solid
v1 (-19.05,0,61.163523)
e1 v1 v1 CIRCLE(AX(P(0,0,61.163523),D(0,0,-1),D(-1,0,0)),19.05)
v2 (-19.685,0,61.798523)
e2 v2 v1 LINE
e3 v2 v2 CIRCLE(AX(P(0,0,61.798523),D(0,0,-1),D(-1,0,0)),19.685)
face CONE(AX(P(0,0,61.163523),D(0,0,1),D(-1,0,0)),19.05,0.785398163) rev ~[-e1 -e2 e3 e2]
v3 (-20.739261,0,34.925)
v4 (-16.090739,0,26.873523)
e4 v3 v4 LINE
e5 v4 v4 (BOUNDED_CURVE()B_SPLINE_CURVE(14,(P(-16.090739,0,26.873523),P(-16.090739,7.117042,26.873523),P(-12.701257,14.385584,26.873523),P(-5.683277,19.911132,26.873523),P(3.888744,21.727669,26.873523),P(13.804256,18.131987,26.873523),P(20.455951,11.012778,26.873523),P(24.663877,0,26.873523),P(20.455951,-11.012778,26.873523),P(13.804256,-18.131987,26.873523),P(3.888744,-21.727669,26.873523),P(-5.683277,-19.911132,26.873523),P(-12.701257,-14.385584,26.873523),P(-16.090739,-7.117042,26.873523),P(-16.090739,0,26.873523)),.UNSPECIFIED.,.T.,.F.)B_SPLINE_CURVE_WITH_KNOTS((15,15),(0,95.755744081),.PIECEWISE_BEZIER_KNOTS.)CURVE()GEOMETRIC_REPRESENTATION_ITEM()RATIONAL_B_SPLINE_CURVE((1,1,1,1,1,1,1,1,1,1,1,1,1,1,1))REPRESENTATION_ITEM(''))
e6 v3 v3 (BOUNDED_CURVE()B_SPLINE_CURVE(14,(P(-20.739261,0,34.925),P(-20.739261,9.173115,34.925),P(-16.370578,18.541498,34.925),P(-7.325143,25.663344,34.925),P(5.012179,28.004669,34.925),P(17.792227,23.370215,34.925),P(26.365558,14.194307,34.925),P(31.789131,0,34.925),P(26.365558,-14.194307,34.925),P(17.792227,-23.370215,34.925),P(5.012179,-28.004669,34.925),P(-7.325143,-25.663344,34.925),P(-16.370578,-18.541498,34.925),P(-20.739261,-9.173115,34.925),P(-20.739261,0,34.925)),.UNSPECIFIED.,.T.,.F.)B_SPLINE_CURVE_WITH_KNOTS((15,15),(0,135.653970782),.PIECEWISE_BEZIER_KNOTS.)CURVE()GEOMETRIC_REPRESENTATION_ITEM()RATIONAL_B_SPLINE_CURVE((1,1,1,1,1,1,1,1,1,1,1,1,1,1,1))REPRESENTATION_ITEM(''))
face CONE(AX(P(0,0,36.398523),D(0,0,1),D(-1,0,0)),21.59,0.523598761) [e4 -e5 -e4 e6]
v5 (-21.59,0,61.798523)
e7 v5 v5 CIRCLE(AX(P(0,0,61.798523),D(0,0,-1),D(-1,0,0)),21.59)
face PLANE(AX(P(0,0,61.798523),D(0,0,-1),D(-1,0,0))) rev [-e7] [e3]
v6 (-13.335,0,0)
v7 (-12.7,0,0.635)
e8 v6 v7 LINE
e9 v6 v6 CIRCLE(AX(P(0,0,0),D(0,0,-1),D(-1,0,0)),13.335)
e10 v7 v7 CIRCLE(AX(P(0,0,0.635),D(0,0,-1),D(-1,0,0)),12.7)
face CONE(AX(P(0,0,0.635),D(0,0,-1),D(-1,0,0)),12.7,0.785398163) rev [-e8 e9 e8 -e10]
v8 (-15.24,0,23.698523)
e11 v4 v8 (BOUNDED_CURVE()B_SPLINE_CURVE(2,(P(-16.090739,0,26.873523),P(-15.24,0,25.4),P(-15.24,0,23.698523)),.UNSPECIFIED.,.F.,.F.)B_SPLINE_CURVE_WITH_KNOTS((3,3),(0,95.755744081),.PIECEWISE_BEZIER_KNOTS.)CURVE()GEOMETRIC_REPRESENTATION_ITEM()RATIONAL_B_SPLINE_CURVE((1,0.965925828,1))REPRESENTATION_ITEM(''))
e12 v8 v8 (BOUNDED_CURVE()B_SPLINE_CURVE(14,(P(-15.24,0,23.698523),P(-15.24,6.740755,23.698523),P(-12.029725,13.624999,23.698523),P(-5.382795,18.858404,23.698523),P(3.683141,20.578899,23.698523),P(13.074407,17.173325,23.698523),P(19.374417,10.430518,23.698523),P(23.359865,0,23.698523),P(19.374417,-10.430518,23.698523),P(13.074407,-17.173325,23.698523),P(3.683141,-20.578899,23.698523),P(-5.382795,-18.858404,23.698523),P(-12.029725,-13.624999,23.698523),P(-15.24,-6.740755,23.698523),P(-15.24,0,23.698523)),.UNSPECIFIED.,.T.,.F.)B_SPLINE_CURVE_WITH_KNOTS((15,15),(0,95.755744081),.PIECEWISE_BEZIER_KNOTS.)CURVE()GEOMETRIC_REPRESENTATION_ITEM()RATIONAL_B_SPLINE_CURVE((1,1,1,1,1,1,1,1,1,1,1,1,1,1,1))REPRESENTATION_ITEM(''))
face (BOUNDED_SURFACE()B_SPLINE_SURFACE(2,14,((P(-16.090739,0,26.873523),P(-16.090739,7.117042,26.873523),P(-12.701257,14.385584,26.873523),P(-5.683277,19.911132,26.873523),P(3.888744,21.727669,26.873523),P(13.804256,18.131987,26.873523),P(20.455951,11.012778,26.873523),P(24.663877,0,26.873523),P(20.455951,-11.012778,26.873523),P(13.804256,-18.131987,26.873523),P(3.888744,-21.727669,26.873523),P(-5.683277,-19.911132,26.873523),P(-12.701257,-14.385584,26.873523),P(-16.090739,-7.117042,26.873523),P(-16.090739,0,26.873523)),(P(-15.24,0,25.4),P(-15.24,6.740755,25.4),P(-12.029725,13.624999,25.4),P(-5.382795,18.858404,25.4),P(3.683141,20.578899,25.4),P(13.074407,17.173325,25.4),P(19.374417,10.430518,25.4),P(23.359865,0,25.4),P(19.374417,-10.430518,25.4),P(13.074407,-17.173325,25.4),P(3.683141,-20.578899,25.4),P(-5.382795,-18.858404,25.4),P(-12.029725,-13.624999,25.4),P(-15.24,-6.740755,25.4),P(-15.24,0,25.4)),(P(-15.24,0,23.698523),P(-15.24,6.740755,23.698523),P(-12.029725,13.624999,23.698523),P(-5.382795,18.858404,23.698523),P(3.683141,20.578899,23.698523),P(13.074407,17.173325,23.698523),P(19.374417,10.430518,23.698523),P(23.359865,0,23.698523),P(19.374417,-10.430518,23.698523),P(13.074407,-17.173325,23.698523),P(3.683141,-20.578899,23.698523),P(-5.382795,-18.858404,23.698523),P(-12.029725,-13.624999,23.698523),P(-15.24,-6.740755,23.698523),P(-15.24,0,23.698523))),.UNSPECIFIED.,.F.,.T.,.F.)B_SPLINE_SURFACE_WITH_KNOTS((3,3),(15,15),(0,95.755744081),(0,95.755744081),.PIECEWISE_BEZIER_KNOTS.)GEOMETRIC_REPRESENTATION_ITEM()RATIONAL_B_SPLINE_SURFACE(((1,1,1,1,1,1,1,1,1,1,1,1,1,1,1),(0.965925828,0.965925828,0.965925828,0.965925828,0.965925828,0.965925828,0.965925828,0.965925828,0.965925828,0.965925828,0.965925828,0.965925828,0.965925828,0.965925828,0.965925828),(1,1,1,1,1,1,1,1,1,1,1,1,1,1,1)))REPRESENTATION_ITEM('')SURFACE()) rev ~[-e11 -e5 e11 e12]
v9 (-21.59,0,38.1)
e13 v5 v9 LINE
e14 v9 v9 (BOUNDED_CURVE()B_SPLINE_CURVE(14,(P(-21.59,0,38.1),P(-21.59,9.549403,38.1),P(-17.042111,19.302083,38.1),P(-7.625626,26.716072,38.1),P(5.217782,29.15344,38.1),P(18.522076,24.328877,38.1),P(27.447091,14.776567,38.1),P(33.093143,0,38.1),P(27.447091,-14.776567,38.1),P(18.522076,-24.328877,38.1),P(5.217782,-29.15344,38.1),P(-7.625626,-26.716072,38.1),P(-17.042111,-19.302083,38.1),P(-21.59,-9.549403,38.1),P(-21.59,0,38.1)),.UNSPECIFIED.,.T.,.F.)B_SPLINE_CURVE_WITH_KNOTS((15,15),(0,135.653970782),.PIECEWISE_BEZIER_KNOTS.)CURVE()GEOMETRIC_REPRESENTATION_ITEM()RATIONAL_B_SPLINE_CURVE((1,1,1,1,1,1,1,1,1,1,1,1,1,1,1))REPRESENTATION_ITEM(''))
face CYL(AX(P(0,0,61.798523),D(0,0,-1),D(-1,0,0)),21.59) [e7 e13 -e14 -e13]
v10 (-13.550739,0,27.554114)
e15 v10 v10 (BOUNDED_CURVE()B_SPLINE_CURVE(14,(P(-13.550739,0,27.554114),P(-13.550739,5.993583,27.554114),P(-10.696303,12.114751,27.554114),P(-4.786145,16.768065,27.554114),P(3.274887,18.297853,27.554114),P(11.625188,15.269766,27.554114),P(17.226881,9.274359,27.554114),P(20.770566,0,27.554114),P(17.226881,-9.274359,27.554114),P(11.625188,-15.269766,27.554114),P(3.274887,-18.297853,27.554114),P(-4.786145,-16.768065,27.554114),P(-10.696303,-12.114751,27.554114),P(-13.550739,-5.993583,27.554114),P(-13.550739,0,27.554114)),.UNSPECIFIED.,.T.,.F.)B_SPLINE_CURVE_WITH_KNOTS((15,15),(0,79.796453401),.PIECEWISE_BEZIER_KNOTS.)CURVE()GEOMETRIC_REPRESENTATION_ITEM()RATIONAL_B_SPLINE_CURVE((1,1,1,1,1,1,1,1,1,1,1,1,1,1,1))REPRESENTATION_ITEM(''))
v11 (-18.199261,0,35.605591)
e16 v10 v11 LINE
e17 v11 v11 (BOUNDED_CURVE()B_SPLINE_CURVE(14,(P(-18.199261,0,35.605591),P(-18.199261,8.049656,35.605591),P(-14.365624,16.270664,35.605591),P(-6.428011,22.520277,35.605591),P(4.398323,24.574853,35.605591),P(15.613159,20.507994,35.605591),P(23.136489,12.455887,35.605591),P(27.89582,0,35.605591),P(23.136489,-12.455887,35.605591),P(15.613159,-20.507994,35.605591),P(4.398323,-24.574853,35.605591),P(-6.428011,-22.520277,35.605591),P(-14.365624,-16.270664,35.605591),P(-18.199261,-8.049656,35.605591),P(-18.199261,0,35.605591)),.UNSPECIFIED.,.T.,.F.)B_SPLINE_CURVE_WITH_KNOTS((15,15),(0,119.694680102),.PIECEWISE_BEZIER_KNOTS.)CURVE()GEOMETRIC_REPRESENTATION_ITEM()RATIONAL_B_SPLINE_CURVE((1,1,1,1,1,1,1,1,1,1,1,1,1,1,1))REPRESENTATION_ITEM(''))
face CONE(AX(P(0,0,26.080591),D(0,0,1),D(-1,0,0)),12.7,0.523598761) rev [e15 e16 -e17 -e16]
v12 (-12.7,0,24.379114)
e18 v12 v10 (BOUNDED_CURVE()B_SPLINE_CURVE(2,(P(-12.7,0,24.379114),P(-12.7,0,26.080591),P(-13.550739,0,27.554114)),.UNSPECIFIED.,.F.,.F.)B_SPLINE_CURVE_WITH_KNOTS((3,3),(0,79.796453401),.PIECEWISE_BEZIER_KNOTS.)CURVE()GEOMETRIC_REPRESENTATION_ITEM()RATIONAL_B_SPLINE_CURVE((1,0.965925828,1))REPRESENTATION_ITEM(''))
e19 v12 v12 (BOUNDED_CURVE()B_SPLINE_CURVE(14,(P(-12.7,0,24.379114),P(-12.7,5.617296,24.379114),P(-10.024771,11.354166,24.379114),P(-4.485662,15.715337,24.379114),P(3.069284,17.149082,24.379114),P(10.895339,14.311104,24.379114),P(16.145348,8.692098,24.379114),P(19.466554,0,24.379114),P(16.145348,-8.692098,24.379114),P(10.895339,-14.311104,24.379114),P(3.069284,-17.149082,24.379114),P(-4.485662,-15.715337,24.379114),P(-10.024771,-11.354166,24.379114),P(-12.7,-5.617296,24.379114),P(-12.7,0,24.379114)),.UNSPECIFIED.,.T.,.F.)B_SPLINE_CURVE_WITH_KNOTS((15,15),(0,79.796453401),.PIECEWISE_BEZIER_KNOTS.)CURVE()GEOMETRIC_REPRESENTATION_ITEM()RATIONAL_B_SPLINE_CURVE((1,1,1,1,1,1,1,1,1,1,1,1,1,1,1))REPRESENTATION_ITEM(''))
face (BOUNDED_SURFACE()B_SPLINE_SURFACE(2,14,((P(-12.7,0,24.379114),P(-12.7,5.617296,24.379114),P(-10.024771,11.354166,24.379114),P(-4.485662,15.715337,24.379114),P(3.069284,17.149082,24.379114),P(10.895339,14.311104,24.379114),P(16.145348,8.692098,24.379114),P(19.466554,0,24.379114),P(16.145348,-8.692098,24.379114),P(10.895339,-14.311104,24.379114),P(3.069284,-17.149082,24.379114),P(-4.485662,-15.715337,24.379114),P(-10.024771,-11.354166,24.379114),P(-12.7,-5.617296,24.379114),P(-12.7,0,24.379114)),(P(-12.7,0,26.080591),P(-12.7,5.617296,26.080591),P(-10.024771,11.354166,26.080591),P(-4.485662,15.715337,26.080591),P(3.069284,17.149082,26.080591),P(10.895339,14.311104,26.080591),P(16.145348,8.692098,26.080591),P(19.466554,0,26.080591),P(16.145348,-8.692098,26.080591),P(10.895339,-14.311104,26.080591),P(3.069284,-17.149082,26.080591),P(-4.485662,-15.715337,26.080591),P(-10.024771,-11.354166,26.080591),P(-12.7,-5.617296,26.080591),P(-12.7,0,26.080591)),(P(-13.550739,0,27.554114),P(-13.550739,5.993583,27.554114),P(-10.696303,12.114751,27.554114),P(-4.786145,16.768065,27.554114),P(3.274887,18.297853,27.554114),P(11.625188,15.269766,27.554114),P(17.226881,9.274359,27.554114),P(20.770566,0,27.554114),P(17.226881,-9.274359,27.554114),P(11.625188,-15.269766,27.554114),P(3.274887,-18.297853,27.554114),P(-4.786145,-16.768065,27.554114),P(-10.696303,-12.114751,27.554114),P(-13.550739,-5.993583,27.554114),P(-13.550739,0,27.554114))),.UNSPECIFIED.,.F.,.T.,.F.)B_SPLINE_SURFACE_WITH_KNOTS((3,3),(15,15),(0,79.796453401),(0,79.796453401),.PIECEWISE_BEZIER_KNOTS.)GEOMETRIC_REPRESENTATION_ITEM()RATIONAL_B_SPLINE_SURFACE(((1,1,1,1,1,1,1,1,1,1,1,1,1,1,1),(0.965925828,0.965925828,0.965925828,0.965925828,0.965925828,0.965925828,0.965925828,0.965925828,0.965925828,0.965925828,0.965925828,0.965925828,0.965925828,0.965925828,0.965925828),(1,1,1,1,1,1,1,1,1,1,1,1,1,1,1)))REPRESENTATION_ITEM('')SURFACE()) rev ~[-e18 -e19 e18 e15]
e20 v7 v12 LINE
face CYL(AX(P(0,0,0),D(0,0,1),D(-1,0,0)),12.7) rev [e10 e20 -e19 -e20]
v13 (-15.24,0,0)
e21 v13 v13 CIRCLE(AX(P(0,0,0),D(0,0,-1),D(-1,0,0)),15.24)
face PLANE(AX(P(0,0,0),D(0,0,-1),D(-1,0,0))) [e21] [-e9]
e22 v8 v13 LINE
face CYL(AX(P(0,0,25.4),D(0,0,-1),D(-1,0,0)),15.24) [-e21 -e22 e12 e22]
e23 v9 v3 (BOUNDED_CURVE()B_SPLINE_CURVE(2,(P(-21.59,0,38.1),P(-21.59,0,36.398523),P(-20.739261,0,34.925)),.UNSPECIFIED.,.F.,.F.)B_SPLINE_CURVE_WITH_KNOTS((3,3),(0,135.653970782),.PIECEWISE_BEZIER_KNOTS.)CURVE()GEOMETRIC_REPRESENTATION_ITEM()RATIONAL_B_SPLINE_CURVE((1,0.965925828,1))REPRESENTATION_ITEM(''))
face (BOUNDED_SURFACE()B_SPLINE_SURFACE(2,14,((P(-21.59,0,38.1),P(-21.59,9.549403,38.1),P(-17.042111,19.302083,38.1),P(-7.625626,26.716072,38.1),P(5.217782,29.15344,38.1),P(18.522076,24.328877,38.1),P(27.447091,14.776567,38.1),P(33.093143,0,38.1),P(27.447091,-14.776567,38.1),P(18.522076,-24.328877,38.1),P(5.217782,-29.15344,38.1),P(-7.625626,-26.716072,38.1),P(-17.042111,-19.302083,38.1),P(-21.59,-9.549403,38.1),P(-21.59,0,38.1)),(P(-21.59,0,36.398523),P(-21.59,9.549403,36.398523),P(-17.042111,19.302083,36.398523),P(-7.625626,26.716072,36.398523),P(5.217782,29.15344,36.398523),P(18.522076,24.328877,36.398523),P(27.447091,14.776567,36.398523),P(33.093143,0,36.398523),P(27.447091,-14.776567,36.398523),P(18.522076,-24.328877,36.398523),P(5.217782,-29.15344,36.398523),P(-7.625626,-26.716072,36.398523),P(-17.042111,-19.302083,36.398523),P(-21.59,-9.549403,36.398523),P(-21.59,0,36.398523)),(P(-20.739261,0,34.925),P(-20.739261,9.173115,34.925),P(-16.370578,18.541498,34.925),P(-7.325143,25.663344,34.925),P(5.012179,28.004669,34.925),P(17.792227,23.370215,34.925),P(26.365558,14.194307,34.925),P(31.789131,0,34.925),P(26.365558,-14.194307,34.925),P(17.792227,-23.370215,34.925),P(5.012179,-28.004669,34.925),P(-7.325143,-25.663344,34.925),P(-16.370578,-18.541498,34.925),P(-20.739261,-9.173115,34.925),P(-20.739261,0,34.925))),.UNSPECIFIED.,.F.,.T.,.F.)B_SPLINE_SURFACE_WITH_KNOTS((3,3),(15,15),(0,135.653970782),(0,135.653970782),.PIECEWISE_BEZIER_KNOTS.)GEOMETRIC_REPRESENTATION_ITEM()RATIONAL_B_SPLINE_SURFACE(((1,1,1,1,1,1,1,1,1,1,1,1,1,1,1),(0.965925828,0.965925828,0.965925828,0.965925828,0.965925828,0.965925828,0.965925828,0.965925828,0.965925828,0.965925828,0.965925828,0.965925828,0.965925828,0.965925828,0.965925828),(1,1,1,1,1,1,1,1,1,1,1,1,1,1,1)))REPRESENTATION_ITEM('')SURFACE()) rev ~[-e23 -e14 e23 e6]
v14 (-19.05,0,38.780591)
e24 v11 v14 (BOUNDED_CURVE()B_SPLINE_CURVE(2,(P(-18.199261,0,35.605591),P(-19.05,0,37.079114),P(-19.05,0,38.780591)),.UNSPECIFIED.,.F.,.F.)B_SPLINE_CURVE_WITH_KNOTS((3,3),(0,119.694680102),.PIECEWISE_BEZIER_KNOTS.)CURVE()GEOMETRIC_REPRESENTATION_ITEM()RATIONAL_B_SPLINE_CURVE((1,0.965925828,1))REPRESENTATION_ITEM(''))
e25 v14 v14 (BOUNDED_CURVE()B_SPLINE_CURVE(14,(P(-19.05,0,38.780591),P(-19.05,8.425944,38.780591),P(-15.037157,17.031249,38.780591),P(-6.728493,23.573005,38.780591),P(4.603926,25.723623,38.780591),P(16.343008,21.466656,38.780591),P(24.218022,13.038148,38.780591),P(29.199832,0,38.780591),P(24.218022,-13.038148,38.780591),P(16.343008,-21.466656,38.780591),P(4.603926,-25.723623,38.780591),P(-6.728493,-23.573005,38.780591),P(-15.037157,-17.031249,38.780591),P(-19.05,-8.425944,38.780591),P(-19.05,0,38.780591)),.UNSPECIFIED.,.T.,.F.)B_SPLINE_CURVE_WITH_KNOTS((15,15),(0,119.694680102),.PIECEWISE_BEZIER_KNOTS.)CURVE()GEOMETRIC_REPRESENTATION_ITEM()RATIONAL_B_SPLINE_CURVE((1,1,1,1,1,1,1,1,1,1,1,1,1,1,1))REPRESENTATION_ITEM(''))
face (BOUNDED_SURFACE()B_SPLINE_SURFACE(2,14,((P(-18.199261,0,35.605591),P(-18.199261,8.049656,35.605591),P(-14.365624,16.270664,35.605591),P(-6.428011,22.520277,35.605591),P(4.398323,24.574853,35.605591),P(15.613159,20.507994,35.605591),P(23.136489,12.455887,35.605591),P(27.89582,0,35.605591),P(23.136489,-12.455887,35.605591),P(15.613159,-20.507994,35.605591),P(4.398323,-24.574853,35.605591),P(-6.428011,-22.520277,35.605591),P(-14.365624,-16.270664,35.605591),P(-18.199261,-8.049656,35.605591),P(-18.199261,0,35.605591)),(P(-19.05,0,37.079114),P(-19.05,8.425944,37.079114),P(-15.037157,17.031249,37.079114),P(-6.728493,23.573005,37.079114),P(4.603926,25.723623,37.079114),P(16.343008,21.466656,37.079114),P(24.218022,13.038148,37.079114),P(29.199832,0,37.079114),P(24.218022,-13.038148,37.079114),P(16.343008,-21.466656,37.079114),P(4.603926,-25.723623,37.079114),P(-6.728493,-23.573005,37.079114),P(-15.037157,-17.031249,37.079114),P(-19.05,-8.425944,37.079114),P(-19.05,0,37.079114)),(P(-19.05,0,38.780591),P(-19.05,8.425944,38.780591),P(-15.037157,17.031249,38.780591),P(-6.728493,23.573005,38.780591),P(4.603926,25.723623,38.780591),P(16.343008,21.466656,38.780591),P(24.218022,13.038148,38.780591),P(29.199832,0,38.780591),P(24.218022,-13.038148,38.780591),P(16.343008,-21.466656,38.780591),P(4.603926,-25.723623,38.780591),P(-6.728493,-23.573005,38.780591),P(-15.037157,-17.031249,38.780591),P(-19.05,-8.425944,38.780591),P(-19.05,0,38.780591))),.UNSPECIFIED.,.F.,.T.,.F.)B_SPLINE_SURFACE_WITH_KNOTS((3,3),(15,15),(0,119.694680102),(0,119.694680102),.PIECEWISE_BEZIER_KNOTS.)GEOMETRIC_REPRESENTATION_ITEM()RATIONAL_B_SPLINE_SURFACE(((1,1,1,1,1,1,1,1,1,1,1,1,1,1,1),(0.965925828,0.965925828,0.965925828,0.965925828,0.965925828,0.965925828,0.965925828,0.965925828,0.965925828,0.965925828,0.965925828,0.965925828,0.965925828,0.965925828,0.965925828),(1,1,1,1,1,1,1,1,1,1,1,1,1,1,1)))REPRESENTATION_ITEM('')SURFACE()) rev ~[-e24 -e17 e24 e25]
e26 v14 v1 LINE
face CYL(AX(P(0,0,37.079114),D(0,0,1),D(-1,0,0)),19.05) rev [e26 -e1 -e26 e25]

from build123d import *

# Parameters (mm, degrees)
F2_R    = 6.35
F3_SIZE = 0.635


with BuildPart() as f1:
    # F0 (on Front) → F1 (revolve)
    with BuildSketch(Plane.XZ):
        Polygon((-19.05, 61.798523), (-21.59, 61.798523), (-21.59, 36.398523), (-15.24, 25.4), (-15.24, 0), (-12.7, 0), (-12.7, 26.080591), (-19.05, 37.079114), align=None)
    revolve(axis=Axis((0, 0, 30.899261), (0, 0, -1)))

    # F2
    f2_edges = [f1.edges().sort_by_distance(p)[0] for p in [
        (21.59, 0, 36.398523),
        (15.24, 0, 25.4),
        (19.05, 0, 37.079114),
        (12.7, 0, 26.080591),
    ]]
    fillet(f2_edges, radius=F2_R)

    # F3
    f3_edges = [f1.edges().sort_by_distance(p)[0] for p in [
        (12.7, 0, 0),
        (19.05, 0, 61.798523),
    ]]
    chamfer(f3_edges, length=F3_SIZE)


solid = f1.part
